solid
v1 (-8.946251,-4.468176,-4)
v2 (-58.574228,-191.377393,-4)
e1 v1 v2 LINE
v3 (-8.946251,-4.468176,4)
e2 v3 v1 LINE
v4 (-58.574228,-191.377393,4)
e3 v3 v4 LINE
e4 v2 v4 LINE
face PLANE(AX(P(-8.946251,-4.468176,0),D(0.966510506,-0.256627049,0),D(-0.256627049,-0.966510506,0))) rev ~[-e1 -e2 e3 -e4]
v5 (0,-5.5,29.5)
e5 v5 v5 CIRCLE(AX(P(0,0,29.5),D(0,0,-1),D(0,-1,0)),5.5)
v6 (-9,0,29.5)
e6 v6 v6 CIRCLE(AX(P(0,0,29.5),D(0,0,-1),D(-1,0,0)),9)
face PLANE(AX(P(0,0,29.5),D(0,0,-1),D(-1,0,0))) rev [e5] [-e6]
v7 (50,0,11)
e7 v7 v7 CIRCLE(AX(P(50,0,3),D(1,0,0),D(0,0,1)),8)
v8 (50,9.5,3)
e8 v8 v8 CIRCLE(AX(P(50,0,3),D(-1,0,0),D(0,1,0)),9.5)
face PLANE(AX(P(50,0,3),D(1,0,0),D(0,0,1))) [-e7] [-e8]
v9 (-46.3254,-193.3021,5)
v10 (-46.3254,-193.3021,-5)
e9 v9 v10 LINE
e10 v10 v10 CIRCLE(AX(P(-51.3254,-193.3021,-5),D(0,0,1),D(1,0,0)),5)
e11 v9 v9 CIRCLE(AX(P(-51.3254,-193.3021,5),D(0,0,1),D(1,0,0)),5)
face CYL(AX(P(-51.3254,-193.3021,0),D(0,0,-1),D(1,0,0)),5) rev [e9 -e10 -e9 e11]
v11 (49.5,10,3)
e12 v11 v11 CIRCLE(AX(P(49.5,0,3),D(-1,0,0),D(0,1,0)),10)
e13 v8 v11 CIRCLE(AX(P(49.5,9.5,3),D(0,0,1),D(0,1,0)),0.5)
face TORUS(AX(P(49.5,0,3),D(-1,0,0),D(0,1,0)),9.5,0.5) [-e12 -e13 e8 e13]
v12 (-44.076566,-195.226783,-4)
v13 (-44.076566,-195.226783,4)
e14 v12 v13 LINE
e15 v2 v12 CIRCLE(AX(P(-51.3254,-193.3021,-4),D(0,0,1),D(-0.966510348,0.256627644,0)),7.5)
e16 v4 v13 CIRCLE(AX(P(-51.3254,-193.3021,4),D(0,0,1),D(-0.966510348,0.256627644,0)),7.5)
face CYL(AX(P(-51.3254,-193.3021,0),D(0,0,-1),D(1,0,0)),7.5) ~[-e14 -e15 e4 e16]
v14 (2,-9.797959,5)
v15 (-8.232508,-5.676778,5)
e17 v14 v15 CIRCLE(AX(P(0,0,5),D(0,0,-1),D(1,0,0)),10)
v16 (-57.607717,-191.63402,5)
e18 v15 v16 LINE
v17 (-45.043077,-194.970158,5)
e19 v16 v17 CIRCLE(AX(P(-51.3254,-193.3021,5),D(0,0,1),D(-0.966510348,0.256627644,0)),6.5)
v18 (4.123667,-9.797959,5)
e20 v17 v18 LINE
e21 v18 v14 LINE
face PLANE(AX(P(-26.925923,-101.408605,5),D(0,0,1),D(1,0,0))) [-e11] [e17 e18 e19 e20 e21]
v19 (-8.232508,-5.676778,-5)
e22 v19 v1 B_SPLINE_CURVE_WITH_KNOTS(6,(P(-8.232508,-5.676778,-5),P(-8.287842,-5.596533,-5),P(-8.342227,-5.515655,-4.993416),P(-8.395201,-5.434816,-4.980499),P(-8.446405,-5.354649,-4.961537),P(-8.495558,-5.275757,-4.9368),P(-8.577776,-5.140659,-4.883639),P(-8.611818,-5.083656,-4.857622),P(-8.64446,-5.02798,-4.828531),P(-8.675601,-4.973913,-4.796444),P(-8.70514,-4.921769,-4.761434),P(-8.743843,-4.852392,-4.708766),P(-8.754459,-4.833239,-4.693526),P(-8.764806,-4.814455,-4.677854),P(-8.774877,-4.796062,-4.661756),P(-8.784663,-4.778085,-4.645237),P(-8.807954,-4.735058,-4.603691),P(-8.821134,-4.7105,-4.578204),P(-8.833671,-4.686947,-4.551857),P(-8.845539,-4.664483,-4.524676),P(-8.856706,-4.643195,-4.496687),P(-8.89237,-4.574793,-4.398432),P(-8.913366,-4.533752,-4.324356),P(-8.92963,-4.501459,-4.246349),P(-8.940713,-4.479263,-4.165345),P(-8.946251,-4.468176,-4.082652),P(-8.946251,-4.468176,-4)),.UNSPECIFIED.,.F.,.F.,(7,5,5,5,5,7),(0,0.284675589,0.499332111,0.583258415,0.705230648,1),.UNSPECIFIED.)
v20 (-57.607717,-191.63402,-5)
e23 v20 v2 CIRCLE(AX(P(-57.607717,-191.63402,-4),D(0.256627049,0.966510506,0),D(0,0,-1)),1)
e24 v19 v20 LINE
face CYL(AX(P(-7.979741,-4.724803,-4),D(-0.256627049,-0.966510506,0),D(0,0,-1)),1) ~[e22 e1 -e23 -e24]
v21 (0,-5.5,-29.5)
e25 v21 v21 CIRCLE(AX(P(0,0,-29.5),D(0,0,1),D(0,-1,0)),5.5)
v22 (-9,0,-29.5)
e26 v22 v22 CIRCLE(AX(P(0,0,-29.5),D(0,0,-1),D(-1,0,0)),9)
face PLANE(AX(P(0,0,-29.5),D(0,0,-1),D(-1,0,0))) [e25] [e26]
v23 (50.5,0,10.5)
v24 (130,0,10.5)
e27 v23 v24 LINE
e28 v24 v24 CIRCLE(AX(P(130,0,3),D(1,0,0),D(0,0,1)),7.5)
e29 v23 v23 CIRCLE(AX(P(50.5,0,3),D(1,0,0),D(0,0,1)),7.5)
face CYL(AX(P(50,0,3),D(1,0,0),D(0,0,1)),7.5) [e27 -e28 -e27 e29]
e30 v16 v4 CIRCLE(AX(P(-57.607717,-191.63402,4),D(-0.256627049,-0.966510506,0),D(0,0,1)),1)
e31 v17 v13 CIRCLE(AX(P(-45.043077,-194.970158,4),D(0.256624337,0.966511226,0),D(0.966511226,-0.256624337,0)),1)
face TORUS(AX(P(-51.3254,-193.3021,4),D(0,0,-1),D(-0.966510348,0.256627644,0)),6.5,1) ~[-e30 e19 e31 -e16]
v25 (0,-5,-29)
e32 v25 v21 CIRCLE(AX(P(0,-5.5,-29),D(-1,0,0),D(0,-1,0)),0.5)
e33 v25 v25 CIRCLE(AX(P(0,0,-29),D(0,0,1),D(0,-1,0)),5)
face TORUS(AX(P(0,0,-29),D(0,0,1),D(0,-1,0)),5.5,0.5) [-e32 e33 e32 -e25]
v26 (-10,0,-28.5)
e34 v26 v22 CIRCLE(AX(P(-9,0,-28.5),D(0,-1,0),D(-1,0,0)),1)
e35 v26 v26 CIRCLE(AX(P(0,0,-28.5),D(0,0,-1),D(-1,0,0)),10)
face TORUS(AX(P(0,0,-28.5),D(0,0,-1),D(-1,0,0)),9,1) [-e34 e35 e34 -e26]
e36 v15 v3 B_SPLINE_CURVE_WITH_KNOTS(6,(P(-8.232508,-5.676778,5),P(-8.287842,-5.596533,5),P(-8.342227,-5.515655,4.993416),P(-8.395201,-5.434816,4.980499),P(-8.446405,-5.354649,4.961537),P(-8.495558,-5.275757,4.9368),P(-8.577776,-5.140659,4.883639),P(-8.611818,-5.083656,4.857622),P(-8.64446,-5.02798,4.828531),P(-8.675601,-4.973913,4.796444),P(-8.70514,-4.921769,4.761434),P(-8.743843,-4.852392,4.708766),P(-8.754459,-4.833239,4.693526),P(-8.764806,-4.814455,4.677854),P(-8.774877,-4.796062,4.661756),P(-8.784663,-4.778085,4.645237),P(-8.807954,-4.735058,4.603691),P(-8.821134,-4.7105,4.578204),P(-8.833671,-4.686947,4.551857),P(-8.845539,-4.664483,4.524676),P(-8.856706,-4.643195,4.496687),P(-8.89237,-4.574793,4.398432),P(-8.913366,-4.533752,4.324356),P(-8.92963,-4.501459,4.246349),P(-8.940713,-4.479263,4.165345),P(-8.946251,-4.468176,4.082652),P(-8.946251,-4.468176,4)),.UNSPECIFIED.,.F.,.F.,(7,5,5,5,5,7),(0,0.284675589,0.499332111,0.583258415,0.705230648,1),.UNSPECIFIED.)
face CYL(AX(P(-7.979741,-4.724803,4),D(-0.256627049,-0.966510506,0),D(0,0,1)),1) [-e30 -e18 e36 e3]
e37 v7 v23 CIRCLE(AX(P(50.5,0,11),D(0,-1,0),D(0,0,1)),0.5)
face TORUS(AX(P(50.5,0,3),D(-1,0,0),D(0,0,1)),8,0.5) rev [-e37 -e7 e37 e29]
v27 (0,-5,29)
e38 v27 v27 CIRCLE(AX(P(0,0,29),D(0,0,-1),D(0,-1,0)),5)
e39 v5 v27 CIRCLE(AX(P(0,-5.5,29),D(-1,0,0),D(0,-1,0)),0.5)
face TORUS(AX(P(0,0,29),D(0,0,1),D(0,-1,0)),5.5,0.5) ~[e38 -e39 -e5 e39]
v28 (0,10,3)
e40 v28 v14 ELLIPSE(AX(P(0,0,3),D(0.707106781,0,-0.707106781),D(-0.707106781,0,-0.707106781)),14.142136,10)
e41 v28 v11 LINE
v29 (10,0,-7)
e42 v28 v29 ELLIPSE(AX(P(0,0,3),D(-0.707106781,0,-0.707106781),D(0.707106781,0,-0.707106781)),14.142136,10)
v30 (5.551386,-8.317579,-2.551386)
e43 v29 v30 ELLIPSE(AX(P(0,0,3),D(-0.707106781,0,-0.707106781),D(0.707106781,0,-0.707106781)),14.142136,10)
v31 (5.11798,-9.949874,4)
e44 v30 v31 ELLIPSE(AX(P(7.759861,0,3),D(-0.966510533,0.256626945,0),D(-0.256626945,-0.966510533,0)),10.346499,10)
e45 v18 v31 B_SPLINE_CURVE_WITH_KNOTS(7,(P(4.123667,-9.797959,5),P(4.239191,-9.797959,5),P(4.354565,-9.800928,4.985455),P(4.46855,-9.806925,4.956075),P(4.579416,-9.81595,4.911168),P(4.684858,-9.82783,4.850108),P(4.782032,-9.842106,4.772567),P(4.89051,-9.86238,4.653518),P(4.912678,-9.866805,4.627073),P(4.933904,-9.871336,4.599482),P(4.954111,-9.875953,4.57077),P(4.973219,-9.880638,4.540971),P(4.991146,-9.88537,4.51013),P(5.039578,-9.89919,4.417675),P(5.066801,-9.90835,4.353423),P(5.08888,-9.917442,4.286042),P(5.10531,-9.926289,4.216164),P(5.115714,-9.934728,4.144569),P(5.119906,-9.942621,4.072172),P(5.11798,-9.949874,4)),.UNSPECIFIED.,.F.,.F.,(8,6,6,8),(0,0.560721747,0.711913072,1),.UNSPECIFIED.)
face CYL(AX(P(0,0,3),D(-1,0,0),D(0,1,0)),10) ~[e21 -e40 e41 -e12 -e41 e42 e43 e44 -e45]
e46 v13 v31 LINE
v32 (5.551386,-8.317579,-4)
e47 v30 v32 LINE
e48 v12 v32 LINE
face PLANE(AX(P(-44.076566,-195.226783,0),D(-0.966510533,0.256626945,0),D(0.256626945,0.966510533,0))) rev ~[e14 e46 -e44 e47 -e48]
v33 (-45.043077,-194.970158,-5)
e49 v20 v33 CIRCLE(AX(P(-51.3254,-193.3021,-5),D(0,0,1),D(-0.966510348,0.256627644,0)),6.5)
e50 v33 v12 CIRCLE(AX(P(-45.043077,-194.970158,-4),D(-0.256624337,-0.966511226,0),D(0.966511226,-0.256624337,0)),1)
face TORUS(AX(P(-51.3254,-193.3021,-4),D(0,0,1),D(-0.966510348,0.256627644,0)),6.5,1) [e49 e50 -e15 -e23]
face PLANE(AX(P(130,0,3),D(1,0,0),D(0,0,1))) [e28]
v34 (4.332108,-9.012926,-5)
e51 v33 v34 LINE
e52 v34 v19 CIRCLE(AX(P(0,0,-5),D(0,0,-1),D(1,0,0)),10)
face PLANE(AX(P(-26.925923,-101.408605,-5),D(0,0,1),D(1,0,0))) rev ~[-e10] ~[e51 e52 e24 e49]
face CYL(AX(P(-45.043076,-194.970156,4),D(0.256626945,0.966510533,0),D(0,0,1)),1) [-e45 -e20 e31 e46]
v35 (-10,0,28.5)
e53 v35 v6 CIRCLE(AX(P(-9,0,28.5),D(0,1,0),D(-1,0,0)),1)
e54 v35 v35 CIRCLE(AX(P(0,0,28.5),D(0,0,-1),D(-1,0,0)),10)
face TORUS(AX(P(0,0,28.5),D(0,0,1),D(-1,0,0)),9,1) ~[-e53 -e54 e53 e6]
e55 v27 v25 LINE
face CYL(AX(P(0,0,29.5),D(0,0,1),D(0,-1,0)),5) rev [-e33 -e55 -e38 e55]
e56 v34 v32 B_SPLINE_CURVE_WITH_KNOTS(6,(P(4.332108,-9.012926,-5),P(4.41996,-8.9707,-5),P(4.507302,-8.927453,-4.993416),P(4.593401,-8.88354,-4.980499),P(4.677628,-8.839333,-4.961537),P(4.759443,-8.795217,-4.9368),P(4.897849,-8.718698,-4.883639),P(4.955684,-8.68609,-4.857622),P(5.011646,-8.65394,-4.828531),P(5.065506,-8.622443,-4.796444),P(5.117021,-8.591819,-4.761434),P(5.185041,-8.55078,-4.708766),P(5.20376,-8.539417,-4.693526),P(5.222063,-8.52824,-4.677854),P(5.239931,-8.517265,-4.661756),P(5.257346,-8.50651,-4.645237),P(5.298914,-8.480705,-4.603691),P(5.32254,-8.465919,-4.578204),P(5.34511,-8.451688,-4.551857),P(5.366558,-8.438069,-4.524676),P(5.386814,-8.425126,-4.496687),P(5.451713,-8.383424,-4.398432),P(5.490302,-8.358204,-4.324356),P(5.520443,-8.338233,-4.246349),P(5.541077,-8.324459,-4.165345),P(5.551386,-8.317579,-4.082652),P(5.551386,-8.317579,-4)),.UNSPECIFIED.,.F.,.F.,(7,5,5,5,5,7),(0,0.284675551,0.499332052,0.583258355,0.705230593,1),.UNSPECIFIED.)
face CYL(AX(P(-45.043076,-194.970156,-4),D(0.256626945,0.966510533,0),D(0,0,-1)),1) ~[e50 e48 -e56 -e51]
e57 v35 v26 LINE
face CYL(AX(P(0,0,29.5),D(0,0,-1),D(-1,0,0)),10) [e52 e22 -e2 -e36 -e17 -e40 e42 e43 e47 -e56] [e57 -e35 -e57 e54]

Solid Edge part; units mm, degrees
sketch "Sketch1" plane through (0, 0, 0) normal (0, -1, 0) x (1, 0, 0)
  line L0 (-10, -29.5) -> (0, -29.5)
  line L1 (0, 29.5) -> (0, -29.5)
  line L2 (0, 29.5) -> (-10, 29.5)
  line L3 (-10, 29.5) -> (-10, -29.5)
revolve "RevolvedProtrusion1" add sketch "Sketch1" angle 360 about axis through (0, 0, 54) along (0, 0, -1)
sketch "Sketch2" plane through (0, 0, 0) normal (1, 0, 0) x (0, 1, 0)
  circle A0 centre (0, 3) radius 10
  dimension "D1" = 32.5
extrude "Protrusion1" add sketch "Sketch2" along normal blind 130
sketch "Sketch3" plane through (0, 0, 0) normal (0, 0, 1) x (1, 0, 0)
  circle A0 centre (-51.3254, -193.3021) radius 5
  line L0 (-8.9463, -4.4682) -> (-58.5742, -191.3774)
  arc A1 (-58.5742, -191.3774) -> (-44.0765, -195.2268) centre (-51.3254, -193.3021) ccw
  line L1 (-44.0765, -195.2268) -> (5.5514, -8.3176)
  arc A2 (5.5514, -8.3176) -> (-8.9463, -4.4682) centre (0, 0) cw
  dimension "D1" = 15
  dimension "D2" = 200
extrude "Styrarm" add sketch "Sketch3" along normal mid plane 10
hole "Hole1" at (0, 0, 29.5) direction (0, 0, -1) diameter 10 end up to next
sketch "Sketch4" plane through (0, 0, 0) normal (0, -1, 0) x (1, 0, 0)
  line L0 (130, 13) -> (50, 13)
  line L1 (50, 13) -> (50, 10.5)
  line L2 (50, 10.5) -> (130, 10.5)
  line L3 (130, 10.5) -> (130, 13)
  dimension "D1" = 80
  dimension "D2" = 2.5
revolve "RevolvedCutout1" cut sketch "Sketch4" angle 360 about axis through (-7036.1143, 0, 3) along (1, 0, 0)
fillet "Round1" radius 0.5 1 edges at (50, 0, -4.5)
fillet "Round_2" radius 0.5 1 edges at (50, 0, -7)
fillet "Round_3" radius 1 1 edges at (10, 0, 29.5)
fillet "Round_4" radius 1 1 edges at (10, 0, -29.5)
fillet "Round_5" radius 0.5 1 edges at (-5, 0, 29.5)
fillet "Round_6" radius 0.5 1 edges at (-5, 0, -29.5)
fillet "Round_7" radius 1 6 edges at (-19.4591, -102.5124, 5) (-33.7602, -97.9228, 5) (-19.2626, -101.7722, -5) (-33.7602, -97.9228, -5) (-53.2501, -200.5509, 5) (-53.2501, -200.5509, -5)
properties material "Stainless steel"
